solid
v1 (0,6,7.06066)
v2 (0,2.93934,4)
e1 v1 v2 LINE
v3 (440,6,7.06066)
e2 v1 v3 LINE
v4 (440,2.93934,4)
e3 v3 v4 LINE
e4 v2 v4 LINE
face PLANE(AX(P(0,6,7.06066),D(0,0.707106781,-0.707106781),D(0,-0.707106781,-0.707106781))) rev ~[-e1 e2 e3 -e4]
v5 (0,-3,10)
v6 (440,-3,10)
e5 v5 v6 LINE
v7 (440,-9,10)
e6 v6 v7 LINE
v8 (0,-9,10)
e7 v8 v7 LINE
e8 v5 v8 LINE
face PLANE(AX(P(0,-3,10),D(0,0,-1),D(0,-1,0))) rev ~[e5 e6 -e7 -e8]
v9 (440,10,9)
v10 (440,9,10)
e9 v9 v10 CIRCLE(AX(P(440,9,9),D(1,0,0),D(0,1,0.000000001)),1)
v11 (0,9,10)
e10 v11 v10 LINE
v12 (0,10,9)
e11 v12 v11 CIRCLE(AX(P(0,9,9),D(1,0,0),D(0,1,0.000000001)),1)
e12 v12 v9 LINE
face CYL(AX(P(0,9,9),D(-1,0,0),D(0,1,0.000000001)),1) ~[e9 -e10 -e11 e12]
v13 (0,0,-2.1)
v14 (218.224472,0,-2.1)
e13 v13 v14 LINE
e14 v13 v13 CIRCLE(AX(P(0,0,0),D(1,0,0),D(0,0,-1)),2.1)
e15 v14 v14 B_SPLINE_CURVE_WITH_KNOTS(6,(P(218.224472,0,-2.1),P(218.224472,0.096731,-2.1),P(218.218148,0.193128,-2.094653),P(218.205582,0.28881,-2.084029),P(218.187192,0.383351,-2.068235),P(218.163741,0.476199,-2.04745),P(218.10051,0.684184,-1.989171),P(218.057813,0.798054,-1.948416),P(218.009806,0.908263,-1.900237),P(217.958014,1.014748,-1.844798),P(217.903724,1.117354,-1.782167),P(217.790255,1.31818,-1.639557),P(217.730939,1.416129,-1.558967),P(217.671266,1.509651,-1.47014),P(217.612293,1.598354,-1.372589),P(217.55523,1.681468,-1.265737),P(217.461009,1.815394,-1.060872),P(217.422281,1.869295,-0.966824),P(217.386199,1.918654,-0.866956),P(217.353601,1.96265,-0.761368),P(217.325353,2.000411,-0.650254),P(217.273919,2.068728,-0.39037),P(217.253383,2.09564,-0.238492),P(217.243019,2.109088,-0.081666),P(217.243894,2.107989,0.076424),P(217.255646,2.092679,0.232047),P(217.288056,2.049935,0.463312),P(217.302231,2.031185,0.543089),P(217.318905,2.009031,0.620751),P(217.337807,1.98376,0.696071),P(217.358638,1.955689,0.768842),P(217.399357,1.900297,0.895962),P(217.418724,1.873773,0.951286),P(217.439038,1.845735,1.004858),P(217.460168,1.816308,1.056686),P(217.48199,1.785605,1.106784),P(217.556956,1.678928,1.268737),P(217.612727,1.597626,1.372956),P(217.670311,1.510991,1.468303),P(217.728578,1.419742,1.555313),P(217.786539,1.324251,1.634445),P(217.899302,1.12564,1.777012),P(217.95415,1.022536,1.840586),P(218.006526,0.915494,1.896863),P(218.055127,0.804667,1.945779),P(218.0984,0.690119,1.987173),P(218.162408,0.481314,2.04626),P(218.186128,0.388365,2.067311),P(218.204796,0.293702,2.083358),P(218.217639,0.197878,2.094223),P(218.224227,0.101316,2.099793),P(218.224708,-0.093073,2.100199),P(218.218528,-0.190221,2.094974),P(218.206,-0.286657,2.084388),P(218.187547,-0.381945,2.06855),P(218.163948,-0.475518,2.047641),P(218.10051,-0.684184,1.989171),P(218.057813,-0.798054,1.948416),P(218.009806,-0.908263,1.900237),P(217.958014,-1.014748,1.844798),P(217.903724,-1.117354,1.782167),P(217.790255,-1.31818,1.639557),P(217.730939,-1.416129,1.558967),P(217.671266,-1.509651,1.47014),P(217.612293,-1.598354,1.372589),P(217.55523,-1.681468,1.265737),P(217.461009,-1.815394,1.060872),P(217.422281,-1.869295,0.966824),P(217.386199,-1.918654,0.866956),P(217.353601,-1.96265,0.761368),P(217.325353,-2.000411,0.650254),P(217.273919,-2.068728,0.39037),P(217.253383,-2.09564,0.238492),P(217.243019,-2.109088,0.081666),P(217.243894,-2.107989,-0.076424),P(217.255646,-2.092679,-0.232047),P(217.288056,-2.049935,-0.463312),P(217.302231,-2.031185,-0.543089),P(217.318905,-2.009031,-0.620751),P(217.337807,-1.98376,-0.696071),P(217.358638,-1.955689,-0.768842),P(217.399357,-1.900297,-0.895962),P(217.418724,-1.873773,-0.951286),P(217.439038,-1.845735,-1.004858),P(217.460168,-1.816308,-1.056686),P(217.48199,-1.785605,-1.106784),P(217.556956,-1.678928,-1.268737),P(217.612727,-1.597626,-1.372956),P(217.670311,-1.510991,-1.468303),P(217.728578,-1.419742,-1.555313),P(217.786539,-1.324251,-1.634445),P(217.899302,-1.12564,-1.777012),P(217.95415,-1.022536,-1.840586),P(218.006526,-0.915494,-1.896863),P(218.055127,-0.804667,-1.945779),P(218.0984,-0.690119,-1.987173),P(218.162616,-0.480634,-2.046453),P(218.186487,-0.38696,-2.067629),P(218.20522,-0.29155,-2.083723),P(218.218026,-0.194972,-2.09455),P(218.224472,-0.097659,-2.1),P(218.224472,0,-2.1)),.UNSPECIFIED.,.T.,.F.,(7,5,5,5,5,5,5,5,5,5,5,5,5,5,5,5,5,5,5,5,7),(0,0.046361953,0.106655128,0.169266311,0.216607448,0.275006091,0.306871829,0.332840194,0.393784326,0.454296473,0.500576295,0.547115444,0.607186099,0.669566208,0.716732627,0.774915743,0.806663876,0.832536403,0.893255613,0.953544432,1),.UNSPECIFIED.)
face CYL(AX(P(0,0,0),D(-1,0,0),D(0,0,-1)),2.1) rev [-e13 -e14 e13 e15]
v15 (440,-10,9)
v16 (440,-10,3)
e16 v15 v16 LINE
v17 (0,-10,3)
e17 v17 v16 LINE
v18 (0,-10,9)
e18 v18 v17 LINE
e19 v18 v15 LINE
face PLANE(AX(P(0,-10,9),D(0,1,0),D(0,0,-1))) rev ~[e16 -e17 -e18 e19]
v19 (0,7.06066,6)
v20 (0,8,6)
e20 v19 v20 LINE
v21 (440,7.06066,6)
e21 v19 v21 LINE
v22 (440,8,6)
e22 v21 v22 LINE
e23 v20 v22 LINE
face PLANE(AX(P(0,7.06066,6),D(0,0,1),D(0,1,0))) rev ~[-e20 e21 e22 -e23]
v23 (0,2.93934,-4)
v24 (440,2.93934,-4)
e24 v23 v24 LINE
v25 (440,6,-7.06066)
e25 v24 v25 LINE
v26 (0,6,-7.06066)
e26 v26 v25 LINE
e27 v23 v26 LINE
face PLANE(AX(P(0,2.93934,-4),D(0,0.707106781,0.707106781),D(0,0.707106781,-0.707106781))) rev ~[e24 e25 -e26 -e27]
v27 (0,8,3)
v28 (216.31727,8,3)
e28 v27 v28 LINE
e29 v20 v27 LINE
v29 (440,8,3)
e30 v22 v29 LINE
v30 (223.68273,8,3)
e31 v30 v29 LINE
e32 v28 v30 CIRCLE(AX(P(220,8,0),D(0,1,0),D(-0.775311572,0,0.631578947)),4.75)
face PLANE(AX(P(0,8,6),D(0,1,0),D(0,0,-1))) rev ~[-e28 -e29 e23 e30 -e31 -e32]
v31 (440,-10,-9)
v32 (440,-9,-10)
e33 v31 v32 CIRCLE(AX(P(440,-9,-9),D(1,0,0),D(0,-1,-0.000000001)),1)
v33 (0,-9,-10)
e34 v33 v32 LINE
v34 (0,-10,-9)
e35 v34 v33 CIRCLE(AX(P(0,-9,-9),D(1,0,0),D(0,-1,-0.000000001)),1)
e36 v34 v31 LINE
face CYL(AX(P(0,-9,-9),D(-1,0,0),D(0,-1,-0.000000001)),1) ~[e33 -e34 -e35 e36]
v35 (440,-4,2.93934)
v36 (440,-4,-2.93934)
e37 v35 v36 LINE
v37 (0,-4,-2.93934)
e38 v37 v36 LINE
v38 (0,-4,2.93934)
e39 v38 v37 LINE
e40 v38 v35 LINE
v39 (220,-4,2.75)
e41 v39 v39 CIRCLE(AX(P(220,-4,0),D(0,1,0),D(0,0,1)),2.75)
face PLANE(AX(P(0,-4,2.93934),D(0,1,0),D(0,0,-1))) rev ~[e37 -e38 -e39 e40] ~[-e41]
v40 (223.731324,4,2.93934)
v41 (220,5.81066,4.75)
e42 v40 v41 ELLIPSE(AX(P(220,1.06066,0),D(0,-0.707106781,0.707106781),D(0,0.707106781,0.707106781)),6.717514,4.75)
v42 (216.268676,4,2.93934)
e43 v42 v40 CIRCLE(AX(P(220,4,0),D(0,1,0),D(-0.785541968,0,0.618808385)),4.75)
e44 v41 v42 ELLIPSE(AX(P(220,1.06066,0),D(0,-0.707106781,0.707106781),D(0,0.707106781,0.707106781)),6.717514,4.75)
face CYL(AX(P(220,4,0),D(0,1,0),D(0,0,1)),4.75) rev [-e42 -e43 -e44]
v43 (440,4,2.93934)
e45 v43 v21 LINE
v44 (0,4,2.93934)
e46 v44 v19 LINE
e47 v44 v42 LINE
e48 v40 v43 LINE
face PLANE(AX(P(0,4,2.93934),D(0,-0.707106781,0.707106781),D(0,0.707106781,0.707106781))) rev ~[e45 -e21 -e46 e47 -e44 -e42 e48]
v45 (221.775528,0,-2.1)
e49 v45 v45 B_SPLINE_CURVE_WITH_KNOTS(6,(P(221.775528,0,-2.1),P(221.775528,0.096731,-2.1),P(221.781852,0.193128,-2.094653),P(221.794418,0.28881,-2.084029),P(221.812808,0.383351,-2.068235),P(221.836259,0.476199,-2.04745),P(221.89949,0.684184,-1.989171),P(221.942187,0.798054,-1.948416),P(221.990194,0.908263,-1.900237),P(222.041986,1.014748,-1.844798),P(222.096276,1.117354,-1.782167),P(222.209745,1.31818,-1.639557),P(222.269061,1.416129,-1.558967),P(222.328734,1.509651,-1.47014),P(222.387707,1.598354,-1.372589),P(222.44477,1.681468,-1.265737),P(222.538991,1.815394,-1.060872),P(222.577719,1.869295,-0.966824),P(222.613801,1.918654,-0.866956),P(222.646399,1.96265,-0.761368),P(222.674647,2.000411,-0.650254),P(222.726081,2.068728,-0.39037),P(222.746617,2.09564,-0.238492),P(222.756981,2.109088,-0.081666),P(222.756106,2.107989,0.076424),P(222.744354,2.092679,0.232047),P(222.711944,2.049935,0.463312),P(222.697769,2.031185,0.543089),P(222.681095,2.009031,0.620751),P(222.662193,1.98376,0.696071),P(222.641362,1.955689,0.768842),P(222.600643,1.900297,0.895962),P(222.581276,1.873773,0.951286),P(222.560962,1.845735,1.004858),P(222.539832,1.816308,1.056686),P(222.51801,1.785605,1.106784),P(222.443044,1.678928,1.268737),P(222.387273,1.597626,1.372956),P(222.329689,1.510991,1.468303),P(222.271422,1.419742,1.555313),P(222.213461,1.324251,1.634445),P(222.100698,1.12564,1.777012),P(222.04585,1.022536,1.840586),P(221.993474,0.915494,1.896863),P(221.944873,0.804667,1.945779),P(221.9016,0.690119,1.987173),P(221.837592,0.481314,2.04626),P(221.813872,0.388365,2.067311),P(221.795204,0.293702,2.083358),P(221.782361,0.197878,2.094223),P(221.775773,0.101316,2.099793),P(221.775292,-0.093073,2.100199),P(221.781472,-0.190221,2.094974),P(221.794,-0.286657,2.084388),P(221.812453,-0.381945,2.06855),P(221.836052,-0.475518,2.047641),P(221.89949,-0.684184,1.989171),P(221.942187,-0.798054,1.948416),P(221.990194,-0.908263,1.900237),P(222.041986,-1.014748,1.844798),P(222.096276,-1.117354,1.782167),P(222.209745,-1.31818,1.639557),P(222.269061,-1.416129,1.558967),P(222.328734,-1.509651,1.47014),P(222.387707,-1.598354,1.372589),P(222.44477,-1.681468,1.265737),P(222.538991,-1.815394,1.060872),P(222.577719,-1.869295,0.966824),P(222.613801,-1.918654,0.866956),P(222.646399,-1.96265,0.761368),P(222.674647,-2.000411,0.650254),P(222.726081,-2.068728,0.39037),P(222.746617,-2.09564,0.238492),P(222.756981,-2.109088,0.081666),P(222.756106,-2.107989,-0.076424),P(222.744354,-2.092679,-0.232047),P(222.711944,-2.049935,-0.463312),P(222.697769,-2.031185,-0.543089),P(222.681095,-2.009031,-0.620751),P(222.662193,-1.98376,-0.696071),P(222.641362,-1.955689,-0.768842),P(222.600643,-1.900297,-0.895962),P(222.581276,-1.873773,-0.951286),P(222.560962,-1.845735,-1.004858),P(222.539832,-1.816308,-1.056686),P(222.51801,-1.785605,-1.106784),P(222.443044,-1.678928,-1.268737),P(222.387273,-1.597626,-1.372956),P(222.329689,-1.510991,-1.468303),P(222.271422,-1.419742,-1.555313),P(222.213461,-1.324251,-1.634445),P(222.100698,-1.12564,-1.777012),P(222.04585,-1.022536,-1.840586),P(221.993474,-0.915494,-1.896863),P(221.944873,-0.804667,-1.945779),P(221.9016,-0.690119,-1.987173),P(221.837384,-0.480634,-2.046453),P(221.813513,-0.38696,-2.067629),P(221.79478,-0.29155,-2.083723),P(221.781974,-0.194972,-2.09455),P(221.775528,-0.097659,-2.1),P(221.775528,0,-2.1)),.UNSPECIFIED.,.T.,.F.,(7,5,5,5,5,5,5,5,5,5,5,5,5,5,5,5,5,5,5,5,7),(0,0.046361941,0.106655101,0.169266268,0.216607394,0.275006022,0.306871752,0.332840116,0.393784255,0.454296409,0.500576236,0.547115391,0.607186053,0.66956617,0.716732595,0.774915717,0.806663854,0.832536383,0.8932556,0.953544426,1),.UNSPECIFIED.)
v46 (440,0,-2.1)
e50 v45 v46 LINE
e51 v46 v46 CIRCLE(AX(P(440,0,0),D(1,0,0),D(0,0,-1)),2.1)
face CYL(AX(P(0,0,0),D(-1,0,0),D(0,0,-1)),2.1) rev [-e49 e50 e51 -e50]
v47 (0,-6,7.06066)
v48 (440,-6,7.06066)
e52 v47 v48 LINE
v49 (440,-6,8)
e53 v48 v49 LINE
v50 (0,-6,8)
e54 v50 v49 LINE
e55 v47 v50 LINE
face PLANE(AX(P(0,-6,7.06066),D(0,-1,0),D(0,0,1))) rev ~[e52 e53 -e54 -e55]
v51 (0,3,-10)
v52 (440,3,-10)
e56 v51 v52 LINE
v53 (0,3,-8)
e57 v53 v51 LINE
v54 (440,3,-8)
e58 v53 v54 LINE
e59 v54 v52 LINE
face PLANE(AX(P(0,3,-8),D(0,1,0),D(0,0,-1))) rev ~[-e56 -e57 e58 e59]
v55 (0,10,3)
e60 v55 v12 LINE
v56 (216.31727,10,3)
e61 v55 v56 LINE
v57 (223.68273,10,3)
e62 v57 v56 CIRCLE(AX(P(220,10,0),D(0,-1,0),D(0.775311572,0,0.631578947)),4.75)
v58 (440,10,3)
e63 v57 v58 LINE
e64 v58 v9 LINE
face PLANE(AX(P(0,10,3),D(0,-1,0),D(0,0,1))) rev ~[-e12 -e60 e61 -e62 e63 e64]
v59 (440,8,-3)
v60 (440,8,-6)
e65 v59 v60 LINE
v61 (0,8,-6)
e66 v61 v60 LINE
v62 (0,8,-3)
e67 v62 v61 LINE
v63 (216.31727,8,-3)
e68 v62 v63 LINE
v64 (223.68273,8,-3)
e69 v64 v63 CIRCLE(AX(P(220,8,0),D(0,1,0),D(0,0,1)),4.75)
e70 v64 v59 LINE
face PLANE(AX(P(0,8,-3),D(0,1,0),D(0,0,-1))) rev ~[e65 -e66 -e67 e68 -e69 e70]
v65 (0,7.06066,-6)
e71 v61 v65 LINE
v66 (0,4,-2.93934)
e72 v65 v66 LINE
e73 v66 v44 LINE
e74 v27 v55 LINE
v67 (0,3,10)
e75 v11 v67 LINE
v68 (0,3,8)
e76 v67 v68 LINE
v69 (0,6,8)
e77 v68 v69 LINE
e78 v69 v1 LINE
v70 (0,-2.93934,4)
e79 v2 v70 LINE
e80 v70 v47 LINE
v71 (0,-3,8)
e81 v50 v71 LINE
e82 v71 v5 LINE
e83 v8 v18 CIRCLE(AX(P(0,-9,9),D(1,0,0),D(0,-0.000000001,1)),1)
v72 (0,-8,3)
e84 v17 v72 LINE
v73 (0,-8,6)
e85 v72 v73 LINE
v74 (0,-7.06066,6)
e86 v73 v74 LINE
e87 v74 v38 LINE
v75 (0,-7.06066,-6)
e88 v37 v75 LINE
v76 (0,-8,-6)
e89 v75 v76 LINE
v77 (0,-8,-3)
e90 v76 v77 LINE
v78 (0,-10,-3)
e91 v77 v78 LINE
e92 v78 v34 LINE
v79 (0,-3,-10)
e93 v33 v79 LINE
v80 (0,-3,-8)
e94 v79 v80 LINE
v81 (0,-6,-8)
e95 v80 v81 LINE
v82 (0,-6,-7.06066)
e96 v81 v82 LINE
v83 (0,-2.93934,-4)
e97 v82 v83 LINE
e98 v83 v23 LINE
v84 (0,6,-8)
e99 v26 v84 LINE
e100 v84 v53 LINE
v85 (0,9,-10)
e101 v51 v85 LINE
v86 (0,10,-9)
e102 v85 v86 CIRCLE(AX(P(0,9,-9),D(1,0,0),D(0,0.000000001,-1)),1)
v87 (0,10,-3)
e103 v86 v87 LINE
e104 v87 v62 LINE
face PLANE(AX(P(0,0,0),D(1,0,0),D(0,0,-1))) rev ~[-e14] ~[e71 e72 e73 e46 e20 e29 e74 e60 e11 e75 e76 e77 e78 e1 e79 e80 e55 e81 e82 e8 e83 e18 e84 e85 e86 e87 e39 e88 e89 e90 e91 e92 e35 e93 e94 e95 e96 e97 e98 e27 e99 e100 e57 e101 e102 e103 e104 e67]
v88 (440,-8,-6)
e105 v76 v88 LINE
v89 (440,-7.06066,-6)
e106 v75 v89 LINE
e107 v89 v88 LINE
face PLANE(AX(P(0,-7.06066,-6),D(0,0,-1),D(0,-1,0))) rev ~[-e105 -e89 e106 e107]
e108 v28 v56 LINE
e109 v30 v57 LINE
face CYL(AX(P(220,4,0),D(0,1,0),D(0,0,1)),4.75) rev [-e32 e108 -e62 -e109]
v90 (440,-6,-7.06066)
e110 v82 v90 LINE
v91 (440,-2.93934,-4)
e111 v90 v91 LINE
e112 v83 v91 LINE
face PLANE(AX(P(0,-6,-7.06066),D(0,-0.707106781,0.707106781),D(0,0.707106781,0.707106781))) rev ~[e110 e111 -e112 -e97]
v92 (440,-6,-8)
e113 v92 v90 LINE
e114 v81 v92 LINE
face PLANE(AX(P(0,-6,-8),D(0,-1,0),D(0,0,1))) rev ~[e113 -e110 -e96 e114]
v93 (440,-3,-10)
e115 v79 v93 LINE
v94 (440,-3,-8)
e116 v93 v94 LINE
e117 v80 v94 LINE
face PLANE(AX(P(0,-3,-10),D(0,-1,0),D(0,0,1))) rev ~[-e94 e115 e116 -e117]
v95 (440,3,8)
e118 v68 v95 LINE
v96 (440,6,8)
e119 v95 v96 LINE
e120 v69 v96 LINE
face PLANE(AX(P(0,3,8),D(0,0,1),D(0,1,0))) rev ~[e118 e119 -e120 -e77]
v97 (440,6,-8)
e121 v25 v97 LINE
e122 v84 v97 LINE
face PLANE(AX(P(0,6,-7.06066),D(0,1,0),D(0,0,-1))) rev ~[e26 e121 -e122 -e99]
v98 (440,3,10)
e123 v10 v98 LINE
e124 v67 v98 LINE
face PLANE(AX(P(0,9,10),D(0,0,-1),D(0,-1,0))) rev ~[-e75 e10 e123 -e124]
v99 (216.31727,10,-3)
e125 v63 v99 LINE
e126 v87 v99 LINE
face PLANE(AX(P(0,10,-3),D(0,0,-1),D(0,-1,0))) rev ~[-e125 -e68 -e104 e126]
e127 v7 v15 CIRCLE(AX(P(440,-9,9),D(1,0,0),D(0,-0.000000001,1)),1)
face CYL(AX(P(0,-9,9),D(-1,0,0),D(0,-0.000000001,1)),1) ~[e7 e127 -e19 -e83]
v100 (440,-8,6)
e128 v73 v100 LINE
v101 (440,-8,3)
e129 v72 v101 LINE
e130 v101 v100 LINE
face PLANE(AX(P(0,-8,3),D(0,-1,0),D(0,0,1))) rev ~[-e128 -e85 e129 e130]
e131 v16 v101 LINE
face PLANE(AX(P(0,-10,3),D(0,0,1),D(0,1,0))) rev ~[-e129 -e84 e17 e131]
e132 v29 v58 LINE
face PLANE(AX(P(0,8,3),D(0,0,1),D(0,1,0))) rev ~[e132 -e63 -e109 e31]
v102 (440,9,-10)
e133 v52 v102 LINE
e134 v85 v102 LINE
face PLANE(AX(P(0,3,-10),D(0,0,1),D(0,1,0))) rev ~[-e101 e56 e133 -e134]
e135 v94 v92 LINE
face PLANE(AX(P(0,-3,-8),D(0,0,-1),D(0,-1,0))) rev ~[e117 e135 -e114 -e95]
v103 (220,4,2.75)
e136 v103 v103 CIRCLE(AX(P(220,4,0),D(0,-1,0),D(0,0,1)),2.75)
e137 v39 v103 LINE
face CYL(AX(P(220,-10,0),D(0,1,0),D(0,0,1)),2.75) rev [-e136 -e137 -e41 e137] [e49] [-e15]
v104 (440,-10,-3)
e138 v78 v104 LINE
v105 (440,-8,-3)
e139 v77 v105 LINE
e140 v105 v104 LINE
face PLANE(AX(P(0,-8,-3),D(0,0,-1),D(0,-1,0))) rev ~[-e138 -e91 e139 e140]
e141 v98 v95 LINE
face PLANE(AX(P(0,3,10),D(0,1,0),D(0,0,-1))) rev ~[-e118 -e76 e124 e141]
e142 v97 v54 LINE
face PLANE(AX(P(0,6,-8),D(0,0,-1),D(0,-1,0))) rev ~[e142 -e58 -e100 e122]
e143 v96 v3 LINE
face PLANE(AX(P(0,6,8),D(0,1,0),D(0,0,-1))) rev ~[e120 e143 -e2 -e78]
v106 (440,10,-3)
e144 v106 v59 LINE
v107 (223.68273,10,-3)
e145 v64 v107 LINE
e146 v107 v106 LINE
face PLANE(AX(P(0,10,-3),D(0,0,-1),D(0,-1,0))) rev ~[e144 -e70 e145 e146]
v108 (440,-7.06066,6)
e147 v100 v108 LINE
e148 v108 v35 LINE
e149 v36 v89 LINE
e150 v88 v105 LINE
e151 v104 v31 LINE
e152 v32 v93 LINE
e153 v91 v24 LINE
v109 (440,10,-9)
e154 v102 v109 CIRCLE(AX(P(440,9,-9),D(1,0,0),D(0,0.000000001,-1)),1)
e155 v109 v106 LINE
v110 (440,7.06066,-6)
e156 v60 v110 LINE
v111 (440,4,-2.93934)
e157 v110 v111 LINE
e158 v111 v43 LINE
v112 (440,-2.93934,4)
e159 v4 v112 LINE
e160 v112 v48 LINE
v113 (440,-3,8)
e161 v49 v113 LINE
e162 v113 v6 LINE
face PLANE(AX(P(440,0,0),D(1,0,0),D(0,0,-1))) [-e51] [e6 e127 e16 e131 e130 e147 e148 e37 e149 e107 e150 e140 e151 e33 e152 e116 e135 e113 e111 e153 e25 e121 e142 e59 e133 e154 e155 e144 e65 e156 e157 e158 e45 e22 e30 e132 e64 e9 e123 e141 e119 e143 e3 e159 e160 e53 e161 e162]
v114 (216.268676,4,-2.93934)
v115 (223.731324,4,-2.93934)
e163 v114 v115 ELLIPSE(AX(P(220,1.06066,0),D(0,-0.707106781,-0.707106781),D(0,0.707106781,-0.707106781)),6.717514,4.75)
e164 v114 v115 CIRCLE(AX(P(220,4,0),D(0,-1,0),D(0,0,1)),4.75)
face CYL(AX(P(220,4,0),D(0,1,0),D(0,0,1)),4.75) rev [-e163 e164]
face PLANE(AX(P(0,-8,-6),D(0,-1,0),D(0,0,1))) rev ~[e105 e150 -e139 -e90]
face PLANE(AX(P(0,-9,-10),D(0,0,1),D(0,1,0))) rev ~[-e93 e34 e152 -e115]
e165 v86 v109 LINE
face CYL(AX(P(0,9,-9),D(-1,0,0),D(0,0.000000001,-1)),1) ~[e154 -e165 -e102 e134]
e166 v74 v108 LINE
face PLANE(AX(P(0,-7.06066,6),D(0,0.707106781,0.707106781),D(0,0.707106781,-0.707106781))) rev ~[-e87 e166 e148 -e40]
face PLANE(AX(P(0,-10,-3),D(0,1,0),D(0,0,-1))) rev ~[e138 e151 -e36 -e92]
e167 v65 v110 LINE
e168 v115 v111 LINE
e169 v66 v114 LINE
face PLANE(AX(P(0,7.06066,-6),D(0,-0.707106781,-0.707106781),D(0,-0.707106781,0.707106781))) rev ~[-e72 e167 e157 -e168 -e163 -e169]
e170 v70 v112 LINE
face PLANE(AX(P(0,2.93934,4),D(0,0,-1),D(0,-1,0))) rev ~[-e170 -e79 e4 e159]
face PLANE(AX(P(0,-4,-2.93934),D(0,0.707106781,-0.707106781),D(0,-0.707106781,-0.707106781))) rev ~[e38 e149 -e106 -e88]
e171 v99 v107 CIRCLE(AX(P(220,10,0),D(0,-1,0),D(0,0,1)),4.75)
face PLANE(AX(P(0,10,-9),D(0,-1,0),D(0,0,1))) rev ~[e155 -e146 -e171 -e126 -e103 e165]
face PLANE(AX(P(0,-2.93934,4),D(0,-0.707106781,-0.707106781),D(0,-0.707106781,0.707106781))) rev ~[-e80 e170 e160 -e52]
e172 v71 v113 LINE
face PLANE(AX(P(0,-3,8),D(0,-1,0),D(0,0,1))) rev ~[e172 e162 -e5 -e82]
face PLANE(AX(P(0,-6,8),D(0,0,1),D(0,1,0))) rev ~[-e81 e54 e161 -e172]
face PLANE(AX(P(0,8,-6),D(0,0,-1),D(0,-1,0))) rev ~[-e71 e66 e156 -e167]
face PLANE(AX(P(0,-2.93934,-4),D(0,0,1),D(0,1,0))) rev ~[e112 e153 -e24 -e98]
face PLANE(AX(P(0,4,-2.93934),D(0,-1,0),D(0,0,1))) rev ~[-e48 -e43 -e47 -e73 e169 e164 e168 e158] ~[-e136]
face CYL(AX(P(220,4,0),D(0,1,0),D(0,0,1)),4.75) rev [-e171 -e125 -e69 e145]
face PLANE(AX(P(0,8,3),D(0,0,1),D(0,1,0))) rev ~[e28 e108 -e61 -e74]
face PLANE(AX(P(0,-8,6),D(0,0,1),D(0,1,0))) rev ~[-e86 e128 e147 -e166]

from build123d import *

# Parameters (mm, degrees)
SKETCH1_R           = 2.1
BOSS_EXTRUDE1_DEPTH = 440


with BuildPart() as part:
    # Sketch1 → Boss-Extrude1 (new body)
    with BuildSketch(Plane(origin=(0, 0, 0), x_dir=(0, 0, -1), z_dir=(1, 0, 0))):
        with BuildLine():
            Line((-10, 9), (-10, 3))
            Line((-10, 3), (-8, 3))
            Line((-8, 3), (-8, 6))
            Line((-8, 6), (-7.060660172, 6))
            Line((-7.060660172, 6), (-4, 2.939339828))
            Line((-4, 2.939339828), (-4, -2.939339828))
            Line((-4, -2.939339828), (-7.060660172, -6))
            Line((-7.060660172, -6), (-8, -6))
            Line((-8, -6), (-8, -3))
            Line((-8, -3), (-10, -3))
            Line((-10, -3), (-10, -9))
            ThreePointArc((-10, -9), (-9.707106781, -9.707106781), (-9, -10))
            Line((-9, -10), (-3, -10))
            Line((-3, -10), (-3, -8))
            Line((-3, -8), (-6, -8))
            Line((-6, -8), (-6, -7.060660172))
            Line((-6, -7.060660172), (-2.939339828, -4))
            Line((-2.939339828, -4), (2.939339828, -4))
            Line((2.939339828, -4), (6, -7.060660172))
            Line((6, -7.060660172), (6, -8))
            Line((6, -8), (3, -8))
            Line((3, -8), (3, -10))
            Line((3, -10), (9, -10))
            ThreePointArc((9, -10), (9.707106781, -9.707106781), (10, -9))
            Line((10, -9), (10, -3))
            Line((10, -3), (8, -3))
            Line((8, -3), (8, -6))
            Line((8, -6), (7.060660172, -6))
            Line((7.060660172, -6), (4, -2.939339828))
            Line((4, -2.939339828), (4, 2.939339828))
            Line((4, 2.939339828), (7.060660172, 6))
            Line((7.060660172, 6), (8, 6))
            Line((8, 6), (8, 3))
            Line((8, 3), (10, 3))
            Line((10, 3), (10, 9))
            ThreePointArc((10, 9), (9.707106781, 9.707106781), (9, 10))
            Line((9, 10), (3, 10))
            Line((3, 10), (3, 8))
            Line((3, 8), (6, 8))
            Line((6, 8), (6, 7.060660172))
            Line((6, 7.060660172), (2.939339828, 4))
            Line((2.939339828, 4), (-2.939339828, 4))
            Line((-2.939339828, 4), (-6, 7.060660172))
            Line((-6, 7.060660172), (-6, 8))
            Line((-6, 8), (-3, 8))
            Line((-3, 8), (-3, 10))
            Line((-3, 10), (-9, 10))
            ThreePointArc((-9, 10), (-9.707106781, 9.707106781), (-10, 9))
        make_face()
        Circle(SKETCH1_R, mode=Mode.SUBTRACT)
    extrude(amount=BOSS_EXTRUDE1_DEPTH)

    # Sketch80 → Cut-Revolve1 (revolve, cut)
    with BuildSketch(Plane.XY):
        Polygon((220, -10), (222.75, -10), (222.75, 4), (224.75, 4), (224.75, 10), (220, 10), align=None)
    revolve(axis=Axis((220, 10, 0), (0, -1, 0)), mode=Mode.SUBTRACT)


solid = part.part
